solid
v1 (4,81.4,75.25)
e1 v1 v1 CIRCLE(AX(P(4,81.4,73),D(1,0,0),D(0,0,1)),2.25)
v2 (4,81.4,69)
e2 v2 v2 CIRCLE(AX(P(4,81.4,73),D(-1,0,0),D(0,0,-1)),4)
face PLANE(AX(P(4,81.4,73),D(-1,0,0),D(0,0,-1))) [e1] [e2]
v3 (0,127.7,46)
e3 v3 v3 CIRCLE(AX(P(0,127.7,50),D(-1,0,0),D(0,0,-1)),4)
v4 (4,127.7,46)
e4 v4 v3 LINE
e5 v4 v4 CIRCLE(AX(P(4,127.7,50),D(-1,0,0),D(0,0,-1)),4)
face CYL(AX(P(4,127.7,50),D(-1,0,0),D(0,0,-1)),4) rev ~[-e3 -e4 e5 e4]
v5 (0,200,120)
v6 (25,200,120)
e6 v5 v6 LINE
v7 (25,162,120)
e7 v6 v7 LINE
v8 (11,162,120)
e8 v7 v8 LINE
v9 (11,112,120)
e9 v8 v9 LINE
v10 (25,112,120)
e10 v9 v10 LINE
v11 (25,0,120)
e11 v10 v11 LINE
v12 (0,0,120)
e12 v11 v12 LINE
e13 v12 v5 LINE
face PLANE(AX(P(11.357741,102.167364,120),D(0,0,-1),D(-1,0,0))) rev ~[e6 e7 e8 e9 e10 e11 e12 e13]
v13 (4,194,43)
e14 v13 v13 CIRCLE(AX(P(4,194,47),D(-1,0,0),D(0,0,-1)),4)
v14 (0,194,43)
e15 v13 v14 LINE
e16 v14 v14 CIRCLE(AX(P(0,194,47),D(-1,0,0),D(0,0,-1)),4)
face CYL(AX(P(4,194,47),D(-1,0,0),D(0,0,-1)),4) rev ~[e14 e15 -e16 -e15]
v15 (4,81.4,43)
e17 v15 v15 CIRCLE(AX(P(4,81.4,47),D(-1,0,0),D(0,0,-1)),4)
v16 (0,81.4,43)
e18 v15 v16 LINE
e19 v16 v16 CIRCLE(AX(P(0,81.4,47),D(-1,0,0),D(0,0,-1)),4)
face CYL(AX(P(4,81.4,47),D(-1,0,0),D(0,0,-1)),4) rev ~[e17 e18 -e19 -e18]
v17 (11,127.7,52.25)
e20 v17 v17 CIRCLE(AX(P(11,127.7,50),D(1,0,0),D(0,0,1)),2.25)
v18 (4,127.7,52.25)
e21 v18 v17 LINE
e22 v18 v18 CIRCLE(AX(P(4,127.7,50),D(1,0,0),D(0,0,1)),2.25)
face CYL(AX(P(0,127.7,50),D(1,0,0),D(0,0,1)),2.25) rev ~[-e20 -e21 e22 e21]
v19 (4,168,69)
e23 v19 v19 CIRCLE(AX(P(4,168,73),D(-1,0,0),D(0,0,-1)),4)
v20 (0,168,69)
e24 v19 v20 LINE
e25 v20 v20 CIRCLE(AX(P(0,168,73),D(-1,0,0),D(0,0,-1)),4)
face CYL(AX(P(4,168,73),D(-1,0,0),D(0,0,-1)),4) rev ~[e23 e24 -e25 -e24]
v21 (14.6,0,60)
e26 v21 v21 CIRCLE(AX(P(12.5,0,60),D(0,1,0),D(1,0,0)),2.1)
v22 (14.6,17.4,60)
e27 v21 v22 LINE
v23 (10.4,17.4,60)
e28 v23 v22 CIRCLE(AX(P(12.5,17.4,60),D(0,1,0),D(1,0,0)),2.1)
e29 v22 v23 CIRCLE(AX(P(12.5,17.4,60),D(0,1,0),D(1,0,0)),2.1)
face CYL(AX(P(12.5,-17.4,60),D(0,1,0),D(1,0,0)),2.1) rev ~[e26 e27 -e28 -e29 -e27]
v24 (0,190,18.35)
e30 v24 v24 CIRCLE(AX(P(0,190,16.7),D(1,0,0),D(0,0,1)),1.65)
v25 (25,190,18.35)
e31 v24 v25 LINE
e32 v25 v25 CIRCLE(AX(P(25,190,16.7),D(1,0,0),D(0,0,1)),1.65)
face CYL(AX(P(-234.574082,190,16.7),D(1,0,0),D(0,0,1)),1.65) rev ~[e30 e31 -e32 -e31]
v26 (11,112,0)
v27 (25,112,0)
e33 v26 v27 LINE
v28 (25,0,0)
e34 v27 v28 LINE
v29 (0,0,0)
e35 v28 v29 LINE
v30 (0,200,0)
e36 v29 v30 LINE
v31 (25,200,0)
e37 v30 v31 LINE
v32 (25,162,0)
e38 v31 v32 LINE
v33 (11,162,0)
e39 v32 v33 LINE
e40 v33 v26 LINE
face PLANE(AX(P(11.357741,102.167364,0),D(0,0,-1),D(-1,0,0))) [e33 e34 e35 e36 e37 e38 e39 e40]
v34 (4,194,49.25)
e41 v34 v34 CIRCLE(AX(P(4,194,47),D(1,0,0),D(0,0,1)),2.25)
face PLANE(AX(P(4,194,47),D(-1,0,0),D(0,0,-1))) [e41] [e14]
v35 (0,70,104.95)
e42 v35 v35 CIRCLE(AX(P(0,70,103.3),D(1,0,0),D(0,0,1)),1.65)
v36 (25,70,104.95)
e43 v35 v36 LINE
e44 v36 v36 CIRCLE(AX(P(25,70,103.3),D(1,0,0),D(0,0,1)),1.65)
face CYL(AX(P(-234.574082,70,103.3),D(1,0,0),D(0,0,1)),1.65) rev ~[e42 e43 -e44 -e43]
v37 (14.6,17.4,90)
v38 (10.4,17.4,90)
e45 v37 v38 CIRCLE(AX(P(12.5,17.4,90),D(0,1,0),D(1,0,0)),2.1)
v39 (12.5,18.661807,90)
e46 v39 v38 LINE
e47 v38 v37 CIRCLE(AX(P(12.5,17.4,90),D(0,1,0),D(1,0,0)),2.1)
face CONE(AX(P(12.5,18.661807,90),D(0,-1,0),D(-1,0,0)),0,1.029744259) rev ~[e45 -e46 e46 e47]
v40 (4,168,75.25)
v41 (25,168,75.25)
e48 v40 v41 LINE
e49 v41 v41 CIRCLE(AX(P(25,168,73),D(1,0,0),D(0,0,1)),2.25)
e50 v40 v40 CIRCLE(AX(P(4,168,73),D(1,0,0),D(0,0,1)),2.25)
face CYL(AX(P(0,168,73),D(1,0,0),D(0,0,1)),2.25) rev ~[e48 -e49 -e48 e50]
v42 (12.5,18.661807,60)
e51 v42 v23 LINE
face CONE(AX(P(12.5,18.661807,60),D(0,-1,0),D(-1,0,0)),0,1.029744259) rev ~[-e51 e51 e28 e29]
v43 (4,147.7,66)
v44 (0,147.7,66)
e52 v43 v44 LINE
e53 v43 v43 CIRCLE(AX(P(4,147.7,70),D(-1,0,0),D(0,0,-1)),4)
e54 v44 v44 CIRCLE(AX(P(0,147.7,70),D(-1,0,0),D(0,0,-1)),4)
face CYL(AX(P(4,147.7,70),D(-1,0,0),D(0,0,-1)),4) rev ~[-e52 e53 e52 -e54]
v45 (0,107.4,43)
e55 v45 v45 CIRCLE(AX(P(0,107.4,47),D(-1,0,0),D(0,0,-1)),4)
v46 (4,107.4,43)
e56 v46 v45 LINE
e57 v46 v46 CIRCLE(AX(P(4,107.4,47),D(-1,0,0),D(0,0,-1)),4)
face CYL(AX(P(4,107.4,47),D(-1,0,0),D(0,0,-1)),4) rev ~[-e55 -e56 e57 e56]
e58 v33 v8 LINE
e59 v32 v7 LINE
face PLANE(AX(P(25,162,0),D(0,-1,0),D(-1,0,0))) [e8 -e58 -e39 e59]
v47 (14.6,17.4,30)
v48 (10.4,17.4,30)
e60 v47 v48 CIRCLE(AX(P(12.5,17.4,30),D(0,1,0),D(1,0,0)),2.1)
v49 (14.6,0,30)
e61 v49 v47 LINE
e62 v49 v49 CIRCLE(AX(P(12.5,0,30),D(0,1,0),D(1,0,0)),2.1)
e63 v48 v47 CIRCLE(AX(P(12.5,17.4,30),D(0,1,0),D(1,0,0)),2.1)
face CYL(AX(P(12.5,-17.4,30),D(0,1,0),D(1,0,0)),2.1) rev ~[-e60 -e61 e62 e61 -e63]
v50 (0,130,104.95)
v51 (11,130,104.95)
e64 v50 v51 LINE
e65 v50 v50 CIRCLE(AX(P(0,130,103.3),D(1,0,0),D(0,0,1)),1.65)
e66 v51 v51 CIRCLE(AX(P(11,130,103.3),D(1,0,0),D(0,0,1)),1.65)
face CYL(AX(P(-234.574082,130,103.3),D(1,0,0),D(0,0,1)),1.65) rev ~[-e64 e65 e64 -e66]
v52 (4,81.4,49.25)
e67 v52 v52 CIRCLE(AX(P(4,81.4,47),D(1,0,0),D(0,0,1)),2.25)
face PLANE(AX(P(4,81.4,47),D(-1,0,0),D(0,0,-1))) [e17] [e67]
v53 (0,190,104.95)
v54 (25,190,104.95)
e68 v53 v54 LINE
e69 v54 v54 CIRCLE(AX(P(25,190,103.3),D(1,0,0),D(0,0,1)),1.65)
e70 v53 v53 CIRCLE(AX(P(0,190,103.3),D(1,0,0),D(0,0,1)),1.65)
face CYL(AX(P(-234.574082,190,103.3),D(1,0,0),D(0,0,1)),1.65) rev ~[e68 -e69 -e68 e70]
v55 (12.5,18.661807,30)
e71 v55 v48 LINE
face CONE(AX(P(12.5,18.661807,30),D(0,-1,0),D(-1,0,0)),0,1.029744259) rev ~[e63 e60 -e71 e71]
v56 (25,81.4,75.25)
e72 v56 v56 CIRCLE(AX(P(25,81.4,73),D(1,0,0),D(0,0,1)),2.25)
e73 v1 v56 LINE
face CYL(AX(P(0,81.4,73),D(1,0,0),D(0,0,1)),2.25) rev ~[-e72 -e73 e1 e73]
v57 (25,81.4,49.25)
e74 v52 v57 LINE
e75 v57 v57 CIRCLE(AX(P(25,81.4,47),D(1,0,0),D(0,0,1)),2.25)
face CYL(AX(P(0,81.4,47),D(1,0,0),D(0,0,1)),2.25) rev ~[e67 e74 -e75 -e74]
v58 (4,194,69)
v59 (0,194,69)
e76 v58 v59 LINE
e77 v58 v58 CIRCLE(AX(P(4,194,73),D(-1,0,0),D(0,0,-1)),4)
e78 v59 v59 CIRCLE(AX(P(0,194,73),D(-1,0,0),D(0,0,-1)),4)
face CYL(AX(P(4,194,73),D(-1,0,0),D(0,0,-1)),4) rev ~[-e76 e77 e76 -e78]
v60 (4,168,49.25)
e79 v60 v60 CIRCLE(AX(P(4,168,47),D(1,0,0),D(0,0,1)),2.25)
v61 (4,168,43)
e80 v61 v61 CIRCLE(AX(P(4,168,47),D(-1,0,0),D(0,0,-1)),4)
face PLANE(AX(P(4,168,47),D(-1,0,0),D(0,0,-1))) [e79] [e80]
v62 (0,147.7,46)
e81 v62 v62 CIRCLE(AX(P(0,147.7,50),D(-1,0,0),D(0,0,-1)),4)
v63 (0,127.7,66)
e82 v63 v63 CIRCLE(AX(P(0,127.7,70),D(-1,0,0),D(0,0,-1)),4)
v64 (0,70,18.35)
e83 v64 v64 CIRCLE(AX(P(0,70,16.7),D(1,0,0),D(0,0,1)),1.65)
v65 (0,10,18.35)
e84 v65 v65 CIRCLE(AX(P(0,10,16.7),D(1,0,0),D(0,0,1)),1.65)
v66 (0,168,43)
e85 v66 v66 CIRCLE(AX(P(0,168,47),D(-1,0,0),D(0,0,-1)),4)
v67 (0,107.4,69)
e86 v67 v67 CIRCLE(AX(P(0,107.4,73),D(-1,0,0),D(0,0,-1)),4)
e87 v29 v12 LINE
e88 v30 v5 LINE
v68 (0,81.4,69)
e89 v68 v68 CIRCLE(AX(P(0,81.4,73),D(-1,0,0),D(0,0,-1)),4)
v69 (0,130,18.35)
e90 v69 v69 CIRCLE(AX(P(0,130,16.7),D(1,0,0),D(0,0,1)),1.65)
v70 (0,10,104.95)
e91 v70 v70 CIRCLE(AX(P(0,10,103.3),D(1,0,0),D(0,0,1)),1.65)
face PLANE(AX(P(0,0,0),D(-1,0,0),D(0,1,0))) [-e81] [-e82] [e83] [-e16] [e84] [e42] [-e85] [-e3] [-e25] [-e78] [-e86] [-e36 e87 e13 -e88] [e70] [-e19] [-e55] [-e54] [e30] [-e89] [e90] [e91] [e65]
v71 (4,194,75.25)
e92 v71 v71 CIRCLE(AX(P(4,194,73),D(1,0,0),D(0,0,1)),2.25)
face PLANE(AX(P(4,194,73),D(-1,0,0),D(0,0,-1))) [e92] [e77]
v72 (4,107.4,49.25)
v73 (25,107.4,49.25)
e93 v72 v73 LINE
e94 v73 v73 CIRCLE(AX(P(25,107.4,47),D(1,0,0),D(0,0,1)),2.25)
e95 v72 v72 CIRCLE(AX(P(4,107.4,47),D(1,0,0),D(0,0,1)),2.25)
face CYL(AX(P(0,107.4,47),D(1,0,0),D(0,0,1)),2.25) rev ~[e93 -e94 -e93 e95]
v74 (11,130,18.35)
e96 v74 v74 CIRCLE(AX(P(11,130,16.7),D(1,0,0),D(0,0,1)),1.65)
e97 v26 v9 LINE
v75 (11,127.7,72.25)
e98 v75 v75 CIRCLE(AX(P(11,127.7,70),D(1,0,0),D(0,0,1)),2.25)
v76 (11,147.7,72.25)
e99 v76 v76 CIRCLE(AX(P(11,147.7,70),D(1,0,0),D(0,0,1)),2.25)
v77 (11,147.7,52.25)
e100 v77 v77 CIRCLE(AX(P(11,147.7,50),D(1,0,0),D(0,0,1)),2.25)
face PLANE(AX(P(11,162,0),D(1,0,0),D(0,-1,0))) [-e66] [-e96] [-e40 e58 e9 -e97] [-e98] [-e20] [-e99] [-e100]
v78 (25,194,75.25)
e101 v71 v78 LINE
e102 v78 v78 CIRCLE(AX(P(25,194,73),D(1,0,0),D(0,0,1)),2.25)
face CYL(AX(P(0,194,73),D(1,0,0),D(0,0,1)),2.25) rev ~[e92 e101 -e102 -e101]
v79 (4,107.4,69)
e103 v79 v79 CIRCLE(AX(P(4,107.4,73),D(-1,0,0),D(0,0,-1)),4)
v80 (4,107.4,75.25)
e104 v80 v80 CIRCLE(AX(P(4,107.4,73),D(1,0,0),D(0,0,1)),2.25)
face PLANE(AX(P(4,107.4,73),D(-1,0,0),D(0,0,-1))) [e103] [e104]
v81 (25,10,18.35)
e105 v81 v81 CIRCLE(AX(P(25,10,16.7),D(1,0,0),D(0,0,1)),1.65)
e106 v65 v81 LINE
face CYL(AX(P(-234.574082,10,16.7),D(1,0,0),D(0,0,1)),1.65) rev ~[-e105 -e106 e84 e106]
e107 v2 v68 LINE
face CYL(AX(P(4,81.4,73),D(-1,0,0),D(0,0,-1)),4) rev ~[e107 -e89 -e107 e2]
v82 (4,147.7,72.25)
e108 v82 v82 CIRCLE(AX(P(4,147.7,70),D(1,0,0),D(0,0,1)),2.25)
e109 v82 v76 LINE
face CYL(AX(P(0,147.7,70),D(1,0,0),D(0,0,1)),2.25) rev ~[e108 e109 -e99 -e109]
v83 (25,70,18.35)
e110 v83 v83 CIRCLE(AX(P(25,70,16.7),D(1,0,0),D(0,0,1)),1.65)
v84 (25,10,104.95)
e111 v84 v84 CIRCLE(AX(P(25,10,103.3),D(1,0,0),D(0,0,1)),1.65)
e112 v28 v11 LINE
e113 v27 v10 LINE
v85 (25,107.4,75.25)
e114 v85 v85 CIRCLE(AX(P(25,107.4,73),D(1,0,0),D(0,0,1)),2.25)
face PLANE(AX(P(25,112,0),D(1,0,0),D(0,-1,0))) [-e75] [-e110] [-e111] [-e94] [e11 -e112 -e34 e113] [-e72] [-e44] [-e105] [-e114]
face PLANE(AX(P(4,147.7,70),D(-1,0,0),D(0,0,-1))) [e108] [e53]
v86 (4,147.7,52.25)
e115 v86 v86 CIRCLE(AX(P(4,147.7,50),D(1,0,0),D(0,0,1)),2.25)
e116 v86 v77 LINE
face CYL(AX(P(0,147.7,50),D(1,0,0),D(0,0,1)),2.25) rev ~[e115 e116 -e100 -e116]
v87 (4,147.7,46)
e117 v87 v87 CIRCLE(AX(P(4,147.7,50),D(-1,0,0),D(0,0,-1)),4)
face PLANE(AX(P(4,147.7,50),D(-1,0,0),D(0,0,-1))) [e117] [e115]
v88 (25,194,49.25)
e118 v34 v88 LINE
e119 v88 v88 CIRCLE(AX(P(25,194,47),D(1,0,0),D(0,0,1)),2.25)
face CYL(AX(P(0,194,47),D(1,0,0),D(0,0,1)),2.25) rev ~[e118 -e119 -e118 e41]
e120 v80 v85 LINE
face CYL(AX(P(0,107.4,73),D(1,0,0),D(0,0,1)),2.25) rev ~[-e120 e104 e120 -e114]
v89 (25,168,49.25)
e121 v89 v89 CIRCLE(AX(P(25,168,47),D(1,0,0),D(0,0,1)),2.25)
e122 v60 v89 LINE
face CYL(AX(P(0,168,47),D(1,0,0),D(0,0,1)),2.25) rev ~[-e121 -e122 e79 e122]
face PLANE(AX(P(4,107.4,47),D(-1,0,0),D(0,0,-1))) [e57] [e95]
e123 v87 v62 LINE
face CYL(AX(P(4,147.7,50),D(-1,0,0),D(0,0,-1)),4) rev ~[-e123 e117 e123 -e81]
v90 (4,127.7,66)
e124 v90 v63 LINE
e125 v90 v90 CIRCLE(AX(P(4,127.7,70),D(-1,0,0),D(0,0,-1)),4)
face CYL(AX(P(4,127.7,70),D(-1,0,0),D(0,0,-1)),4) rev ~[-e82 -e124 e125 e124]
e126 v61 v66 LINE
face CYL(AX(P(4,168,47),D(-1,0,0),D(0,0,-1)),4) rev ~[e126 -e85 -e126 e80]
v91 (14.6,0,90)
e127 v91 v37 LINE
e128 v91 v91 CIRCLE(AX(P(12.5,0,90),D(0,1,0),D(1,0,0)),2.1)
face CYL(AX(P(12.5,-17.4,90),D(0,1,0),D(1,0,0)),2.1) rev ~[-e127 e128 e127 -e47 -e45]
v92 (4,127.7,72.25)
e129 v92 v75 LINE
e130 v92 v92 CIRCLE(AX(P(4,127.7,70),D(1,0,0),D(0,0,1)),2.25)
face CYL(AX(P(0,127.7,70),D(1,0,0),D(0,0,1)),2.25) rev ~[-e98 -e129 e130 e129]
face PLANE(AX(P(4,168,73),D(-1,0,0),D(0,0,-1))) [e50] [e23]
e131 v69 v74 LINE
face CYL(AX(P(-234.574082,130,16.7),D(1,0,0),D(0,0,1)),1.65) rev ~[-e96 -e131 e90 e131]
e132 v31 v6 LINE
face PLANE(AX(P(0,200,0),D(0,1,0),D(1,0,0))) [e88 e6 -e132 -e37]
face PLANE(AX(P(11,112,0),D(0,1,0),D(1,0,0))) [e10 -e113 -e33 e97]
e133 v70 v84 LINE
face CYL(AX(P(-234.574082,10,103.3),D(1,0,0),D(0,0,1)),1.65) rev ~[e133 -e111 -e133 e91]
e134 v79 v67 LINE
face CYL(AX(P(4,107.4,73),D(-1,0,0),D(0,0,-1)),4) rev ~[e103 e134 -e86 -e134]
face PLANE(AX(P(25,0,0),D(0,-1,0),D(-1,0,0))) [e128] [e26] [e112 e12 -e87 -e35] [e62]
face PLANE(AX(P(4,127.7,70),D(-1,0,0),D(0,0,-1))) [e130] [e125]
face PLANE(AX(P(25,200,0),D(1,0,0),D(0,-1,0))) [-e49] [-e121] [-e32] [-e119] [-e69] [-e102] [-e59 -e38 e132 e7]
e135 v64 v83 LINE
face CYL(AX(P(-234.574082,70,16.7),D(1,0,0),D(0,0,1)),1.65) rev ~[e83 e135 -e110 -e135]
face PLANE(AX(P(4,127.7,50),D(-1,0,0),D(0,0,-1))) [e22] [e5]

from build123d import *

# Parameters (mm, degrees)
BOSS_EXTRUDE1_DEPTH            = 120
CBORE_FOR_M4_SHCS4_D           = 4.5
CBORE_FOR_M4_SHCS4_CBORE_D     = 8
CBORE_FOR_M4_SHCS4_CBORE_DEPTH = 4
M4_TAPPED_HOLE1_D              = 3.3
M5_TAPPED_HOLE1_D              = 4.2
M5_TAPPED_HOLE1_DEPTH          = 17.4
M5_TAPPED_HOLE1_TIP            = 1.2618073


with BuildPart() as part:
    # Sketch1 → Boss-Extrude1 (new body)
    with BuildSketch(Plane.XY):
        Polygon((0, 0), (0, 200), (25, 200), (25, 162), (11, 162), (11, 112), (25, 112), (25, 0), align=None)
    extrude(amount=BOSS_EXTRUDE1_DEPTH)

    # CBORE for M4 SHCS4 (through all)
    with Locations(Plane(origin=(0, 194, 73), x_dir=(0, 0, -1), z_dir=(-1, 0, 0))):
        with Locations((0, 0), (0, 26), (3, 46.3), (3, 66.3), (0, 86.6), (0, 112.6), (26, 112.6), (26, 86.6), (23, 66.3), (23, 46.3), (26, 26), (26, 0)):
            CounterBoreHole(CBORE_FOR_M4_SHCS4_D / 2, CBORE_FOR_M4_SHCS4_CBORE_D / 2, CBORE_FOR_M4_SHCS4_CBORE_DEPTH)

    # M4 Tapped Hole1 (through all)
    with Locations(Plane(origin=(0, 190, 16.7), x_dir=(0, 0, -1), z_dir=(-1, 0, 0))):
        with Locations((0, 0), (0, 60), (0, 120), (0, 180), (-86.6, 180), (-86.6, 120), (-86.6, 60), (-86.6, 0)):
            Hole(M4_TAPPED_HOLE1_D / 2)

    # M5 Tapped Hole1
    with Locations(Plane(origin=(12.5, 0, 90), x_dir=(-1, 0, 0), z_dir=(0, -1, 0))):
        with Locations((0, 0), (0, 30), (0, 60)):
            Hole(M5_TAPPED_HOLE1_D / 2, depth=M5_TAPPED_HOLE1_DEPTH)
            with Locations((0, 0, -(M5_TAPPED_HOLE1_DEPTH + M5_TAPPED_HOLE1_TIP / 2))):  # 118° drill point
                Cone(0, M5_TAPPED_HOLE1_D / 2, M5_TAPPED_HOLE1_TIP, mode=Mode.SUBTRACT)


solid = part.part
